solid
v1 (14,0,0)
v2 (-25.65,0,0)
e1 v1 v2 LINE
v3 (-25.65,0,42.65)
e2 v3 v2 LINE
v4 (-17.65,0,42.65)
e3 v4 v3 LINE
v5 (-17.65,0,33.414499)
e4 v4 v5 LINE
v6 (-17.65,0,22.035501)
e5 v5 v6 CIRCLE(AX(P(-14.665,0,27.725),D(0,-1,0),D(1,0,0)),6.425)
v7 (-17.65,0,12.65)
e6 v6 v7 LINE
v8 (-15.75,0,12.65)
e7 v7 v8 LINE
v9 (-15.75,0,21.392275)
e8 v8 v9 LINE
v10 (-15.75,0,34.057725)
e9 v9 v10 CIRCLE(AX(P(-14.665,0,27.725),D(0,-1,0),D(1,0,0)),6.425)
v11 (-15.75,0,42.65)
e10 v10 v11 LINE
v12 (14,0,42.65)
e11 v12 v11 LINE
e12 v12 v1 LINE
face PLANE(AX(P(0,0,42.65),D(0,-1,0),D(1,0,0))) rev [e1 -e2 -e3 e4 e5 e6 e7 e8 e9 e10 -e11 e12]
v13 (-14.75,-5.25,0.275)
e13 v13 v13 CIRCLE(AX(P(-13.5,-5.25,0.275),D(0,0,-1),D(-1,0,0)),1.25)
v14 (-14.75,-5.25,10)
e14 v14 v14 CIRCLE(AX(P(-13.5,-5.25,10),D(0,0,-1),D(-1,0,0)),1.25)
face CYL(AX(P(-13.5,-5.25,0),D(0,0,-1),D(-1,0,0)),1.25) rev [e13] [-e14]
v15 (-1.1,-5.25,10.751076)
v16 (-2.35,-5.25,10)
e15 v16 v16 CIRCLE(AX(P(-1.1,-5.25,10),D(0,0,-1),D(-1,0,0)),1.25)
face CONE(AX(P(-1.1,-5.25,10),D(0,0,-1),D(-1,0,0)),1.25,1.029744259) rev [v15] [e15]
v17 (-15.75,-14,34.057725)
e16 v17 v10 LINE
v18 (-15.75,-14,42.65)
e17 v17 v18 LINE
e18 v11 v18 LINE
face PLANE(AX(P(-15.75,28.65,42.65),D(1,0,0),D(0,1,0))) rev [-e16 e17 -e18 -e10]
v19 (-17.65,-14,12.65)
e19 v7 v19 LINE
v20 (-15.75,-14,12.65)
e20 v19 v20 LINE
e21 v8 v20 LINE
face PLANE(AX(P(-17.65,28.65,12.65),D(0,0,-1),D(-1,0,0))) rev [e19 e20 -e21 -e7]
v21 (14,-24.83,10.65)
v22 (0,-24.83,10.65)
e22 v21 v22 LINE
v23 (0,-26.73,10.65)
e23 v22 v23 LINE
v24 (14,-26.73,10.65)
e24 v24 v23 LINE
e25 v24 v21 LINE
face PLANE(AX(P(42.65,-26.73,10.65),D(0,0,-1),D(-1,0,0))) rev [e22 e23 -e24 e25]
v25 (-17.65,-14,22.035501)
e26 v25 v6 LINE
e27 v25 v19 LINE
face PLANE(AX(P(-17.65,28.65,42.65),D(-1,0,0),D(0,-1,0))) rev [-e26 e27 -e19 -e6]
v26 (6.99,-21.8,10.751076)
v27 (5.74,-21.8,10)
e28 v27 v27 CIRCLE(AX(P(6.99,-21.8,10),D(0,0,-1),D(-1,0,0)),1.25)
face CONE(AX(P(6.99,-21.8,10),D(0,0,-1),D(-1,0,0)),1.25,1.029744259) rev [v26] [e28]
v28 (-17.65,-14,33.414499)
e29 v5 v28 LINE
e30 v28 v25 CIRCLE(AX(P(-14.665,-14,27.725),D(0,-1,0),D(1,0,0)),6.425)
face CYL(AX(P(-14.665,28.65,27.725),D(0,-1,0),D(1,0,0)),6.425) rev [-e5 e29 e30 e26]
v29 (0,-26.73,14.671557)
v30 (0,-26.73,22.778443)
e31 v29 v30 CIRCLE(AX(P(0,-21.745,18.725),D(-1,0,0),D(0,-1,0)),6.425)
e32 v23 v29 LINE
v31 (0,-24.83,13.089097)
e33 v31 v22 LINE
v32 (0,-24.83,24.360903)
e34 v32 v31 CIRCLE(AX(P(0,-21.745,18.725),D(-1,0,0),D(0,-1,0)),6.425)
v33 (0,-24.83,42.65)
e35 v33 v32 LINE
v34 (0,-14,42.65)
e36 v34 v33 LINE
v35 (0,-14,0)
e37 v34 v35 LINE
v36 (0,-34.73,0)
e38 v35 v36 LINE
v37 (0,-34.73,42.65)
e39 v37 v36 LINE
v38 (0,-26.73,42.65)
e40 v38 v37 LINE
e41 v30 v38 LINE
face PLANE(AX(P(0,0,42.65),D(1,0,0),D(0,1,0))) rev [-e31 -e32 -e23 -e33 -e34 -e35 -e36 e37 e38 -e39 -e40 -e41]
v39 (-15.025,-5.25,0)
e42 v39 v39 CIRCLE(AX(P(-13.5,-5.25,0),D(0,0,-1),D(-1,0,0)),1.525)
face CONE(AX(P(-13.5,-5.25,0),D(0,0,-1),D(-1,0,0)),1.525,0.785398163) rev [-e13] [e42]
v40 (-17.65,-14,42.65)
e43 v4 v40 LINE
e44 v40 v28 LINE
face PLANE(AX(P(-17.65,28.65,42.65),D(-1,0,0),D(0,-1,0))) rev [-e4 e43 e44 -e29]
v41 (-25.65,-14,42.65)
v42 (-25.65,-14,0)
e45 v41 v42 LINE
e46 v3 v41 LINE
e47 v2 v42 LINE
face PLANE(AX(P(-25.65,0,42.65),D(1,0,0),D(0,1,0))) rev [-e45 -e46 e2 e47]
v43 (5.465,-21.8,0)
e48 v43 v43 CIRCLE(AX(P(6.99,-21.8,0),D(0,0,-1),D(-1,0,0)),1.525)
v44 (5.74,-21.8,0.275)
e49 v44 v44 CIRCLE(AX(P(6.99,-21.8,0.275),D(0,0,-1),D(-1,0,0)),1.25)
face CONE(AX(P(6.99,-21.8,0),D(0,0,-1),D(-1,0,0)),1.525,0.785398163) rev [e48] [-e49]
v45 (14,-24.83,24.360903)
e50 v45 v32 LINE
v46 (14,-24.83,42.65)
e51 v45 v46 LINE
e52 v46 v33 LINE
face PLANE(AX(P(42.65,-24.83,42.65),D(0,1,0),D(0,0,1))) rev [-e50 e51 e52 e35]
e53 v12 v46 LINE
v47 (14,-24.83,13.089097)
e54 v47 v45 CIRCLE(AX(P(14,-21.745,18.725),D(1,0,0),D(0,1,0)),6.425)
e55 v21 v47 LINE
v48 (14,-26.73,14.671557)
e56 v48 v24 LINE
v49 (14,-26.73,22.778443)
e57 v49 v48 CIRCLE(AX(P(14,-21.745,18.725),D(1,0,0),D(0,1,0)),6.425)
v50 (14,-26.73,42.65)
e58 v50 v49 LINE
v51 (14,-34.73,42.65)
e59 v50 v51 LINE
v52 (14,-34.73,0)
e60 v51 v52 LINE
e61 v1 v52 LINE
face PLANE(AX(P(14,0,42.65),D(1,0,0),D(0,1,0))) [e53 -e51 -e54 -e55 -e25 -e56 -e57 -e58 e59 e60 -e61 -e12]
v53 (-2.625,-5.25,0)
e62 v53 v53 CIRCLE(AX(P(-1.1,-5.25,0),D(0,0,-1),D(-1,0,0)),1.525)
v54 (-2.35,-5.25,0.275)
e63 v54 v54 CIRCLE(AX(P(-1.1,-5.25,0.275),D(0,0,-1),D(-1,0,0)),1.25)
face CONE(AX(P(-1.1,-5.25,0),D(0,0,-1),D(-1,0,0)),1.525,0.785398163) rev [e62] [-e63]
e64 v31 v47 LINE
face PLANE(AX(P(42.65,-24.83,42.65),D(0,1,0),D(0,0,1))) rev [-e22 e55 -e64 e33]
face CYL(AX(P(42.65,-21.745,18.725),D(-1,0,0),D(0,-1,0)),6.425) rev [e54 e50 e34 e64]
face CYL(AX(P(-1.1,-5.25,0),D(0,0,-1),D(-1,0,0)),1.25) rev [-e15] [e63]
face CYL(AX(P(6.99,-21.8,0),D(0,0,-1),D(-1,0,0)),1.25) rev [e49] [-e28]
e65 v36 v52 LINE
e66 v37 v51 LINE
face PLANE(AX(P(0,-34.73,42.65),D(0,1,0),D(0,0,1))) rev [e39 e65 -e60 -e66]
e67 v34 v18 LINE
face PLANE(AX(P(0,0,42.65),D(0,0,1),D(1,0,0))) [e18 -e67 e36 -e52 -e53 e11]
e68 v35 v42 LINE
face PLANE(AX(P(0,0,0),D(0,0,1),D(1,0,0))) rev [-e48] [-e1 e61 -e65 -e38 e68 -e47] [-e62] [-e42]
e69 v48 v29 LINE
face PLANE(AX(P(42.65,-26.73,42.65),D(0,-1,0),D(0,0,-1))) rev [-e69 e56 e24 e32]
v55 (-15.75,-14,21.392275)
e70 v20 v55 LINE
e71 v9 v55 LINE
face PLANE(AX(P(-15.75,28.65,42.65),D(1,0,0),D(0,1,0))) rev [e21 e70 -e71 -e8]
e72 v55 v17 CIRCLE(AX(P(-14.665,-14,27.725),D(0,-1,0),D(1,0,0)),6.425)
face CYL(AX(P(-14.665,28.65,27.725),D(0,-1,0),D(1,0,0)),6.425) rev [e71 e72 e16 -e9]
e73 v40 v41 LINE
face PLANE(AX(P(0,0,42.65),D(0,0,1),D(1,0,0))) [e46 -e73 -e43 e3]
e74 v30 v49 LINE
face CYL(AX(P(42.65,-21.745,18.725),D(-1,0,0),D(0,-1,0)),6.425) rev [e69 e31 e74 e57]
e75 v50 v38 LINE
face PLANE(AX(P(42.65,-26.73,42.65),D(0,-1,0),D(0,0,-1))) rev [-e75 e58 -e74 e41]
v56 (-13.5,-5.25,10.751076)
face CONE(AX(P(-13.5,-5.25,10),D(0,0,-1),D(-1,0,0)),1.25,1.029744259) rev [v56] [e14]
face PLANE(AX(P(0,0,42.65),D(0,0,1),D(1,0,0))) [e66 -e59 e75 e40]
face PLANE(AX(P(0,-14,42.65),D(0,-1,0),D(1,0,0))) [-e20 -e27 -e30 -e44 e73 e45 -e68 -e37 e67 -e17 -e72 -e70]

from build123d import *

# Parameters (mm, degrees)
BOSS_EXTRUDE1_DEPTH             = 42.65
SKETCH2_R                       = 6.425
CUT_EXTRUDE1_DEPTH              = 42.65
SKETCH3_W                       = 1.9
SKETCH3_H                       = 30
CUT_EXTRUDE2_DEPTH              = 42.65
SKETCH4_R                       = 6.425
CUT_EXTRUDE3_DEPTH              = 42.65
SKETCH5_W                       = 32
SKETCH5_H                       = 1.9
CUT_EXTRUDE4_DEPTH              = 42.65
M3X0_5_TAPPED_HOLE1_D           = 2.5
M3X0_5_TAPPED_HOLE1_DEPTH       = 10
M3X0_5_TAPPED_HOLE1_CSINK_D     = 3.05
M3X0_5_TAPPED_HOLE1_CSINK_ANGLE = 90
M3X0_5_TAPPED_HOLE1_TIP         = 0.751075774


with BuildPart() as part:
    # Sketch1 → Boss-Extrude1 (new body)
    with BuildSketch(Plane.XY):
        Polygon((14, 0), (-25.65, 0), (-25.65, -14), (0, -14), (0, -34.73), (14, -34.73), align=None)
    extrude(amount=BOSS_EXTRUDE1_DEPTH)

    # Sketch2 → Cut-Extrude1 (cut)
    with BuildSketch(Plane.XZ.offset(14)):
        with Locations((-14.665, 27.725)):
            Circle(SKETCH2_R)
    extrude(amount=-CUT_EXTRUDE1_DEPTH, mode=Mode.SUBTRACT)

    # Sketch3 → Cut-Extrude2 (cut)
    with BuildSketch(Plane.XZ.offset(14)):
        with Locations((-16.7, 27.65)):
            Rectangle(SKETCH3_W, SKETCH3_H)
    extrude(amount=-CUT_EXTRUDE2_DEPTH, mode=Mode.SUBTRACT)

    # Sketch4 → Cut-Extrude3 (cut)
    with BuildSketch(Plane.ZY):
        with Locations((18.725, -21.745)):
            Circle(SKETCH4_R)
    extrude(amount=-CUT_EXTRUDE3_DEPTH, mode=Mode.SUBTRACT)

    # Sketch5 → Cut-Extrude4 (cut)
    with BuildSketch(Plane.ZY):
        with Locations((26.65, -25.78)):
            Rectangle(SKETCH5_W, SKETCH5_H)
    extrude(amount=-CUT_EXTRUDE4_DEPTH, mode=Mode.SUBTRACT)

    # M3x0.5 Tapped Hole1
    with Locations(Plane(origin=(0, 0, 0), x_dir=(-1, 0, 0), z_dir=(0, 0, -1))):
        with Locations((1.1, -5.25), (13.5, -5.25), (-6.99, -21.8)):
            CounterSinkHole(M3X0_5_TAPPED_HOLE1_D / 2, M3X0_5_TAPPED_HOLE1_CSINK_D / 2, depth=M3X0_5_TAPPED_HOLE1_DEPTH, counter_sink_angle=M3X0_5_TAPPED_HOLE1_CSINK_ANGLE)
            with Locations((0, 0, -(M3X0_5_TAPPED_HOLE1_DEPTH + M3X0_5_TAPPED_HOLE1_TIP / 2))):  # 118° drill point
                Cone(0, M3X0_5_TAPPED_HOLE1_D / 2, M3X0_5_TAPPED_HOLE1_TIP, mode=Mode.SUBTRACT)


solid = part.part
